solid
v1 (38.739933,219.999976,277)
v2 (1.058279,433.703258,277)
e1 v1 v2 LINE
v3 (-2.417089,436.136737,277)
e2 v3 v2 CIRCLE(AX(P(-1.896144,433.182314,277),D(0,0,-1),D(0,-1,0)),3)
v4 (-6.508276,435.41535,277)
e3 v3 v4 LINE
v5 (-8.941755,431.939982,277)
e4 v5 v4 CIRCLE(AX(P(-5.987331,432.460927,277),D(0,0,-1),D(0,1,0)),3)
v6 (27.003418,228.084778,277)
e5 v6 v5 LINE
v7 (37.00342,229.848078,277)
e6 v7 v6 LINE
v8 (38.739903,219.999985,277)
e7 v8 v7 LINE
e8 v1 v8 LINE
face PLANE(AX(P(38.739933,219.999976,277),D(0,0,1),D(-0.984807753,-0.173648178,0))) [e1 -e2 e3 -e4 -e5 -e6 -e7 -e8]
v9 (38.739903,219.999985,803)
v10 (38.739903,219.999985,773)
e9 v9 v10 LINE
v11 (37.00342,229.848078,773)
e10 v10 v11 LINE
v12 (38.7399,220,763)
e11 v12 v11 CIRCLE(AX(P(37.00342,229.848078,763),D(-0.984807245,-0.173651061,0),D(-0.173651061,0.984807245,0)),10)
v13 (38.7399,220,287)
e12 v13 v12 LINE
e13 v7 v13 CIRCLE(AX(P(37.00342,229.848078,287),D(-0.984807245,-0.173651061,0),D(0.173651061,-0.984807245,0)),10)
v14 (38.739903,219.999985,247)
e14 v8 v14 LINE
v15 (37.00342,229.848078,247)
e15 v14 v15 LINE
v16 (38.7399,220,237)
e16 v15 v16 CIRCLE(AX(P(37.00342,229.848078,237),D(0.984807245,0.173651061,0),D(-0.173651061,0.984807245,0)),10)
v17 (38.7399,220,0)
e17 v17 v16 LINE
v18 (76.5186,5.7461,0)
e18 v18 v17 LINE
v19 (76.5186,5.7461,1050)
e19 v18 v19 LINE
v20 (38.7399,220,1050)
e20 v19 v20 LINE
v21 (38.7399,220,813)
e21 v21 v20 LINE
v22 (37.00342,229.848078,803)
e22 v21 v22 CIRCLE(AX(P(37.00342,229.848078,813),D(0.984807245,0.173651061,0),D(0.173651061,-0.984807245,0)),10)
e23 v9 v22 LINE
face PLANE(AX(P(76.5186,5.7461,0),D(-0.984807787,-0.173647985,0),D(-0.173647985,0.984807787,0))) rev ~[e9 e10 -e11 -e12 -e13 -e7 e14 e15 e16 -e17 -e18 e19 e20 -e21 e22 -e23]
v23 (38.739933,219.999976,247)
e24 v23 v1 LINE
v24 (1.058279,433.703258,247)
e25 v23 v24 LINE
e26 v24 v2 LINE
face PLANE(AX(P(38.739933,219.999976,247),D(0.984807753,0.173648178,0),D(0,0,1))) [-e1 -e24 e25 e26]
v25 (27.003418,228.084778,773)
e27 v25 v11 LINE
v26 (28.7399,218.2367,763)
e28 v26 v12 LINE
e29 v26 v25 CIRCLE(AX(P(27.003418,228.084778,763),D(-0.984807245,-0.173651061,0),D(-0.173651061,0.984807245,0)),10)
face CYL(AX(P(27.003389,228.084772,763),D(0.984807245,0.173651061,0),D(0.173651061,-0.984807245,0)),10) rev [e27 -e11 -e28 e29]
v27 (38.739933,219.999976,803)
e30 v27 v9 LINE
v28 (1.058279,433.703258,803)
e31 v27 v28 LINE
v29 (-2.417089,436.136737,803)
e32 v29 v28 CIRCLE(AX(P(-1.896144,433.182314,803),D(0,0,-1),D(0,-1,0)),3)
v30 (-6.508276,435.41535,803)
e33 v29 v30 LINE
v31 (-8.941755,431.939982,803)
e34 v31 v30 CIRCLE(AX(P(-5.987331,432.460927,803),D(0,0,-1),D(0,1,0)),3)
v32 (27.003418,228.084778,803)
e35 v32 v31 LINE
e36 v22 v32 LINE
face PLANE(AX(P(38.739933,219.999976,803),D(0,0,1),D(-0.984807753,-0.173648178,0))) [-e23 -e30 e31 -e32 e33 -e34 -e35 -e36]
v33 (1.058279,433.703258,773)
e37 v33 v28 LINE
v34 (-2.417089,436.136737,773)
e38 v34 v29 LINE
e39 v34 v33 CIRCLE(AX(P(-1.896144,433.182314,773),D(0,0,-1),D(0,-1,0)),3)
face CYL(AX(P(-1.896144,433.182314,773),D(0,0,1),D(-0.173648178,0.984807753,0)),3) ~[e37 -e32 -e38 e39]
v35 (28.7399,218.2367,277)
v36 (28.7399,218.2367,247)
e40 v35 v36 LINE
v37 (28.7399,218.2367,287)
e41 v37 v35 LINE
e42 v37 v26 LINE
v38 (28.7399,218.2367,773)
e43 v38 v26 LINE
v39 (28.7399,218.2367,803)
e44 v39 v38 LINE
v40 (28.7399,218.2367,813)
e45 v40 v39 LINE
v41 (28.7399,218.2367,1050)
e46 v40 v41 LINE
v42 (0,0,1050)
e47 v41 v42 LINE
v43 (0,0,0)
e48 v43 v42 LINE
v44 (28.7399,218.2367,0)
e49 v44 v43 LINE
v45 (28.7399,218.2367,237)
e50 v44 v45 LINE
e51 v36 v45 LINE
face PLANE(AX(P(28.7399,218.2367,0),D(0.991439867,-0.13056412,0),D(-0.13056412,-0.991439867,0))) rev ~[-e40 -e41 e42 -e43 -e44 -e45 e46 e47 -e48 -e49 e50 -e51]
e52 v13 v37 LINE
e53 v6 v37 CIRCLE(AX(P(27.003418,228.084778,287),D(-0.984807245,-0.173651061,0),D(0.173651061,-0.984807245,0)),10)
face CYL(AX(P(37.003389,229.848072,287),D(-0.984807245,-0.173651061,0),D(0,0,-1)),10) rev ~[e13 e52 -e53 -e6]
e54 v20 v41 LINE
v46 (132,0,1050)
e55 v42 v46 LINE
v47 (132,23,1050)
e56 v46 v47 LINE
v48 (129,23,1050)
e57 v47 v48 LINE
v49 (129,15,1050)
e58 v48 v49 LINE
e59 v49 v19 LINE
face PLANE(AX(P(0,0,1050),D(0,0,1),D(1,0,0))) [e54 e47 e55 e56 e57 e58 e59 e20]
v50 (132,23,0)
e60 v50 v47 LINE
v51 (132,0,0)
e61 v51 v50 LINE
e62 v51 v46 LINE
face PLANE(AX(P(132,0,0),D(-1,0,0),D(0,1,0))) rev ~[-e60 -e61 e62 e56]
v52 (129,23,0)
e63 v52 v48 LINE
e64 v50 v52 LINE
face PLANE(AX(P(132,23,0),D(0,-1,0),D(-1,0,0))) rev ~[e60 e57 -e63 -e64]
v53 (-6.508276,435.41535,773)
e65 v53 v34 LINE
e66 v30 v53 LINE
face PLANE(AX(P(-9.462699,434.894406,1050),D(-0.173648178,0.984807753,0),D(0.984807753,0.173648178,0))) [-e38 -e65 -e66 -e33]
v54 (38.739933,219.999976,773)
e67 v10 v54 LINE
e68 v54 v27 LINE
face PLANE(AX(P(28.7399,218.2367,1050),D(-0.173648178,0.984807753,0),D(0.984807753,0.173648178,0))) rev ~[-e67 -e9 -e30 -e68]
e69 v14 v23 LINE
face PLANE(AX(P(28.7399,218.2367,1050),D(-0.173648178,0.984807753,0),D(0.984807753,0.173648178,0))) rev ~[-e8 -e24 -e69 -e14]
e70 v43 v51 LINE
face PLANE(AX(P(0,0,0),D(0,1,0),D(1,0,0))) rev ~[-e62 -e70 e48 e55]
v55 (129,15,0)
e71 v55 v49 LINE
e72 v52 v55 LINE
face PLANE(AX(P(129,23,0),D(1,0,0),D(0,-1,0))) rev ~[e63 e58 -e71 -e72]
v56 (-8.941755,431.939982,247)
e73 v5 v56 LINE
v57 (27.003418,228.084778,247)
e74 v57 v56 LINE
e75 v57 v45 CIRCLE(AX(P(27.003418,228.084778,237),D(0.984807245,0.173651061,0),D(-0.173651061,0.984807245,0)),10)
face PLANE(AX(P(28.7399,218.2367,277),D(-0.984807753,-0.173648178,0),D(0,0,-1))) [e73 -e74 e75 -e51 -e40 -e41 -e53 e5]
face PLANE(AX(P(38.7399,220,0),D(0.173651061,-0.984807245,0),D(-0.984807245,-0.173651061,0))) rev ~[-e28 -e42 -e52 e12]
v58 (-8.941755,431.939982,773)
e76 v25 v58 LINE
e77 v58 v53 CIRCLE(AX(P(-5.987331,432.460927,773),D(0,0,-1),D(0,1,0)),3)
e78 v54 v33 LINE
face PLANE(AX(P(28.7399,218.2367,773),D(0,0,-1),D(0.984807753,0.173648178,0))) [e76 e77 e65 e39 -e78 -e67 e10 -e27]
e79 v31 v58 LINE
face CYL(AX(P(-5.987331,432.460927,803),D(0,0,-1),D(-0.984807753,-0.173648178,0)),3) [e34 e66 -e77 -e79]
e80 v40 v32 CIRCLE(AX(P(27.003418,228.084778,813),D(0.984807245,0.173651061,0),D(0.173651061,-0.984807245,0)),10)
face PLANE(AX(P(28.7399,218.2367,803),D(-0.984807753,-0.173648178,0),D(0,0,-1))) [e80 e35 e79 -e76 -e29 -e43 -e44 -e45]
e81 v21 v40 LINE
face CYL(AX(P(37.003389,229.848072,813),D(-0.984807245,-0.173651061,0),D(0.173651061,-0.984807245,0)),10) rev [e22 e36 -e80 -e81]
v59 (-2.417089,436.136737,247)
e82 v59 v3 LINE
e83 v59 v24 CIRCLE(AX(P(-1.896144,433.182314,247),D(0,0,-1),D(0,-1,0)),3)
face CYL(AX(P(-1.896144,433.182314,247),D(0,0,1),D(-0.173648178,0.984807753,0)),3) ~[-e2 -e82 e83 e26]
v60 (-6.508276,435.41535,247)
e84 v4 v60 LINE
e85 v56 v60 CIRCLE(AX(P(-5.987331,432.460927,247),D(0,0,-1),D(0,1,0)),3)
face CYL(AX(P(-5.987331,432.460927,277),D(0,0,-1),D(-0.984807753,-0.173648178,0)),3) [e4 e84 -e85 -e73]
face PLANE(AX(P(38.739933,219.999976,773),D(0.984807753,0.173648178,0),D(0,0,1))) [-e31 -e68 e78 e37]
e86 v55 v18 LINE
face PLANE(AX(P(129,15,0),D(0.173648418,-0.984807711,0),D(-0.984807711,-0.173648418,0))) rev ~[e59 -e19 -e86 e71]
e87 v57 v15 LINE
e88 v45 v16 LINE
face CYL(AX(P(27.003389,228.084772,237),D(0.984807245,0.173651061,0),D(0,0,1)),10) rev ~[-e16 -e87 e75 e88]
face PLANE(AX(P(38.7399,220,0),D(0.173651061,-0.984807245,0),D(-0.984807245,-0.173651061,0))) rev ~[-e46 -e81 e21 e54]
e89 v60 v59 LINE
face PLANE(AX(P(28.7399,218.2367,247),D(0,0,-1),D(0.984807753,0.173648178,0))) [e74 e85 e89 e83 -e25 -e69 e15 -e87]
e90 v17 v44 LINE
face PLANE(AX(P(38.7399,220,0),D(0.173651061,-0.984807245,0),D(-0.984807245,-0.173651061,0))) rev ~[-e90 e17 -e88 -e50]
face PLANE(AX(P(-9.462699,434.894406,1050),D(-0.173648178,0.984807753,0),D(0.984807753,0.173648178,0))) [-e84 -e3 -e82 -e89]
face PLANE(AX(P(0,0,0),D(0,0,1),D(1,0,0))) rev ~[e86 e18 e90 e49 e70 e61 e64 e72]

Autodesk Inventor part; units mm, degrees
ref_plane "YZ Plane" through (0, 0, 0) normal (1, 0, 0) x (0, 1, 0)
ref_plane "XZ Plane" through (0, 0, 0) normal (0, 1, 0) x (-1, 0, 0)
ref_plane "XY Plane" through (0, 0, 0) normal (0, 0, 1) x (1, 0, 0)
sketch "Sketch1" plane through (0, 0, 0) normal (0, 0, 1) x (1, 0, 0)
  line L0 (0, 0) -> (132, 0)
  line L1 (132, 0) -> (132, 23)
  line L2 (132, 23) -> (129, 23)
  line L3 (38.7399, 220) -> (28.7399, 218.2367)
  line L4 (28.7399, 218.2367) -> (0, 0)
  line L5 (129, 23) -> (129, 15)
  line L6 (129, 15) -> (76.5186, 5.7461)
  line L7 (76.5186, 5.7461) -> (119.3723, 5.7461) construction
  line L8 (76.5186, 5.7461) -> (38.7399, 220)
  dimension "d0" = 132
  dimension "d1" = 220
  dimension "d2" = 23
  dimension "d3" = 3
  dimension "d4" = 8
  dimension "d5" = 53.291
  dimension "d6" = 10
  dimension "d7" = 90
  dimension "d8" = 10
  dimension "d9" = 10
extrude "Extrusion1" add sketch "Sketch1" along normal blind 1050
sketch "Sketch2" plane through (28.7399, 218.2367, 1050) normal (-0.1736, 0.9848, 0) x (0.9848, 0.1736, 0)
  line L0 (10.1543, 1050) -> (10.1543, 0) construction
  line L1 (0, 277) -> (10.1543, 277)
  line L2 (10.1543, 277) -> (10.1543, 247)
  line L3 (10.1543, 247) -> (0, 247)
  line L4 (0, 247) -> (0, 277)
  line L5 (0, 1050) -> (0, 0) construction
  line L6 (0, 803) -> (10.1543, 803)
  line L7 (10.1543, 803) -> (10.1543, 773)
  line L8 (10.1543, 773) -> (0, 773)
  line L9 (0, 773) -> (0, 803)
  line L10 (10.1543, 1050) -> (0, 1050) construction
  point P0 (-66.1997, 1050)
  dimension "d12" = 30
  dimension "d13" = 30
  dimension "d14" = 247
  dimension "d15" = 247
extrude "Extrusion2" add sketch "Sketch2" along normal blind 220
fillet "Fillet1" radius 3 4 edges at (0.5373, 436.6577, 788) (-9.4627, 434.8944, 788) (0.5373, 436.6577, 262) (-9.4627, 434.8944, 262)
fillet "Fillet2" radius 10 4 edges at (33.7399, 219.1184, 803) (33.7399, 219.1184, 277) (33.7399, 219.1184, 773) (33.7399, 219.1184, 247)
properties part number "sostenedor1"
